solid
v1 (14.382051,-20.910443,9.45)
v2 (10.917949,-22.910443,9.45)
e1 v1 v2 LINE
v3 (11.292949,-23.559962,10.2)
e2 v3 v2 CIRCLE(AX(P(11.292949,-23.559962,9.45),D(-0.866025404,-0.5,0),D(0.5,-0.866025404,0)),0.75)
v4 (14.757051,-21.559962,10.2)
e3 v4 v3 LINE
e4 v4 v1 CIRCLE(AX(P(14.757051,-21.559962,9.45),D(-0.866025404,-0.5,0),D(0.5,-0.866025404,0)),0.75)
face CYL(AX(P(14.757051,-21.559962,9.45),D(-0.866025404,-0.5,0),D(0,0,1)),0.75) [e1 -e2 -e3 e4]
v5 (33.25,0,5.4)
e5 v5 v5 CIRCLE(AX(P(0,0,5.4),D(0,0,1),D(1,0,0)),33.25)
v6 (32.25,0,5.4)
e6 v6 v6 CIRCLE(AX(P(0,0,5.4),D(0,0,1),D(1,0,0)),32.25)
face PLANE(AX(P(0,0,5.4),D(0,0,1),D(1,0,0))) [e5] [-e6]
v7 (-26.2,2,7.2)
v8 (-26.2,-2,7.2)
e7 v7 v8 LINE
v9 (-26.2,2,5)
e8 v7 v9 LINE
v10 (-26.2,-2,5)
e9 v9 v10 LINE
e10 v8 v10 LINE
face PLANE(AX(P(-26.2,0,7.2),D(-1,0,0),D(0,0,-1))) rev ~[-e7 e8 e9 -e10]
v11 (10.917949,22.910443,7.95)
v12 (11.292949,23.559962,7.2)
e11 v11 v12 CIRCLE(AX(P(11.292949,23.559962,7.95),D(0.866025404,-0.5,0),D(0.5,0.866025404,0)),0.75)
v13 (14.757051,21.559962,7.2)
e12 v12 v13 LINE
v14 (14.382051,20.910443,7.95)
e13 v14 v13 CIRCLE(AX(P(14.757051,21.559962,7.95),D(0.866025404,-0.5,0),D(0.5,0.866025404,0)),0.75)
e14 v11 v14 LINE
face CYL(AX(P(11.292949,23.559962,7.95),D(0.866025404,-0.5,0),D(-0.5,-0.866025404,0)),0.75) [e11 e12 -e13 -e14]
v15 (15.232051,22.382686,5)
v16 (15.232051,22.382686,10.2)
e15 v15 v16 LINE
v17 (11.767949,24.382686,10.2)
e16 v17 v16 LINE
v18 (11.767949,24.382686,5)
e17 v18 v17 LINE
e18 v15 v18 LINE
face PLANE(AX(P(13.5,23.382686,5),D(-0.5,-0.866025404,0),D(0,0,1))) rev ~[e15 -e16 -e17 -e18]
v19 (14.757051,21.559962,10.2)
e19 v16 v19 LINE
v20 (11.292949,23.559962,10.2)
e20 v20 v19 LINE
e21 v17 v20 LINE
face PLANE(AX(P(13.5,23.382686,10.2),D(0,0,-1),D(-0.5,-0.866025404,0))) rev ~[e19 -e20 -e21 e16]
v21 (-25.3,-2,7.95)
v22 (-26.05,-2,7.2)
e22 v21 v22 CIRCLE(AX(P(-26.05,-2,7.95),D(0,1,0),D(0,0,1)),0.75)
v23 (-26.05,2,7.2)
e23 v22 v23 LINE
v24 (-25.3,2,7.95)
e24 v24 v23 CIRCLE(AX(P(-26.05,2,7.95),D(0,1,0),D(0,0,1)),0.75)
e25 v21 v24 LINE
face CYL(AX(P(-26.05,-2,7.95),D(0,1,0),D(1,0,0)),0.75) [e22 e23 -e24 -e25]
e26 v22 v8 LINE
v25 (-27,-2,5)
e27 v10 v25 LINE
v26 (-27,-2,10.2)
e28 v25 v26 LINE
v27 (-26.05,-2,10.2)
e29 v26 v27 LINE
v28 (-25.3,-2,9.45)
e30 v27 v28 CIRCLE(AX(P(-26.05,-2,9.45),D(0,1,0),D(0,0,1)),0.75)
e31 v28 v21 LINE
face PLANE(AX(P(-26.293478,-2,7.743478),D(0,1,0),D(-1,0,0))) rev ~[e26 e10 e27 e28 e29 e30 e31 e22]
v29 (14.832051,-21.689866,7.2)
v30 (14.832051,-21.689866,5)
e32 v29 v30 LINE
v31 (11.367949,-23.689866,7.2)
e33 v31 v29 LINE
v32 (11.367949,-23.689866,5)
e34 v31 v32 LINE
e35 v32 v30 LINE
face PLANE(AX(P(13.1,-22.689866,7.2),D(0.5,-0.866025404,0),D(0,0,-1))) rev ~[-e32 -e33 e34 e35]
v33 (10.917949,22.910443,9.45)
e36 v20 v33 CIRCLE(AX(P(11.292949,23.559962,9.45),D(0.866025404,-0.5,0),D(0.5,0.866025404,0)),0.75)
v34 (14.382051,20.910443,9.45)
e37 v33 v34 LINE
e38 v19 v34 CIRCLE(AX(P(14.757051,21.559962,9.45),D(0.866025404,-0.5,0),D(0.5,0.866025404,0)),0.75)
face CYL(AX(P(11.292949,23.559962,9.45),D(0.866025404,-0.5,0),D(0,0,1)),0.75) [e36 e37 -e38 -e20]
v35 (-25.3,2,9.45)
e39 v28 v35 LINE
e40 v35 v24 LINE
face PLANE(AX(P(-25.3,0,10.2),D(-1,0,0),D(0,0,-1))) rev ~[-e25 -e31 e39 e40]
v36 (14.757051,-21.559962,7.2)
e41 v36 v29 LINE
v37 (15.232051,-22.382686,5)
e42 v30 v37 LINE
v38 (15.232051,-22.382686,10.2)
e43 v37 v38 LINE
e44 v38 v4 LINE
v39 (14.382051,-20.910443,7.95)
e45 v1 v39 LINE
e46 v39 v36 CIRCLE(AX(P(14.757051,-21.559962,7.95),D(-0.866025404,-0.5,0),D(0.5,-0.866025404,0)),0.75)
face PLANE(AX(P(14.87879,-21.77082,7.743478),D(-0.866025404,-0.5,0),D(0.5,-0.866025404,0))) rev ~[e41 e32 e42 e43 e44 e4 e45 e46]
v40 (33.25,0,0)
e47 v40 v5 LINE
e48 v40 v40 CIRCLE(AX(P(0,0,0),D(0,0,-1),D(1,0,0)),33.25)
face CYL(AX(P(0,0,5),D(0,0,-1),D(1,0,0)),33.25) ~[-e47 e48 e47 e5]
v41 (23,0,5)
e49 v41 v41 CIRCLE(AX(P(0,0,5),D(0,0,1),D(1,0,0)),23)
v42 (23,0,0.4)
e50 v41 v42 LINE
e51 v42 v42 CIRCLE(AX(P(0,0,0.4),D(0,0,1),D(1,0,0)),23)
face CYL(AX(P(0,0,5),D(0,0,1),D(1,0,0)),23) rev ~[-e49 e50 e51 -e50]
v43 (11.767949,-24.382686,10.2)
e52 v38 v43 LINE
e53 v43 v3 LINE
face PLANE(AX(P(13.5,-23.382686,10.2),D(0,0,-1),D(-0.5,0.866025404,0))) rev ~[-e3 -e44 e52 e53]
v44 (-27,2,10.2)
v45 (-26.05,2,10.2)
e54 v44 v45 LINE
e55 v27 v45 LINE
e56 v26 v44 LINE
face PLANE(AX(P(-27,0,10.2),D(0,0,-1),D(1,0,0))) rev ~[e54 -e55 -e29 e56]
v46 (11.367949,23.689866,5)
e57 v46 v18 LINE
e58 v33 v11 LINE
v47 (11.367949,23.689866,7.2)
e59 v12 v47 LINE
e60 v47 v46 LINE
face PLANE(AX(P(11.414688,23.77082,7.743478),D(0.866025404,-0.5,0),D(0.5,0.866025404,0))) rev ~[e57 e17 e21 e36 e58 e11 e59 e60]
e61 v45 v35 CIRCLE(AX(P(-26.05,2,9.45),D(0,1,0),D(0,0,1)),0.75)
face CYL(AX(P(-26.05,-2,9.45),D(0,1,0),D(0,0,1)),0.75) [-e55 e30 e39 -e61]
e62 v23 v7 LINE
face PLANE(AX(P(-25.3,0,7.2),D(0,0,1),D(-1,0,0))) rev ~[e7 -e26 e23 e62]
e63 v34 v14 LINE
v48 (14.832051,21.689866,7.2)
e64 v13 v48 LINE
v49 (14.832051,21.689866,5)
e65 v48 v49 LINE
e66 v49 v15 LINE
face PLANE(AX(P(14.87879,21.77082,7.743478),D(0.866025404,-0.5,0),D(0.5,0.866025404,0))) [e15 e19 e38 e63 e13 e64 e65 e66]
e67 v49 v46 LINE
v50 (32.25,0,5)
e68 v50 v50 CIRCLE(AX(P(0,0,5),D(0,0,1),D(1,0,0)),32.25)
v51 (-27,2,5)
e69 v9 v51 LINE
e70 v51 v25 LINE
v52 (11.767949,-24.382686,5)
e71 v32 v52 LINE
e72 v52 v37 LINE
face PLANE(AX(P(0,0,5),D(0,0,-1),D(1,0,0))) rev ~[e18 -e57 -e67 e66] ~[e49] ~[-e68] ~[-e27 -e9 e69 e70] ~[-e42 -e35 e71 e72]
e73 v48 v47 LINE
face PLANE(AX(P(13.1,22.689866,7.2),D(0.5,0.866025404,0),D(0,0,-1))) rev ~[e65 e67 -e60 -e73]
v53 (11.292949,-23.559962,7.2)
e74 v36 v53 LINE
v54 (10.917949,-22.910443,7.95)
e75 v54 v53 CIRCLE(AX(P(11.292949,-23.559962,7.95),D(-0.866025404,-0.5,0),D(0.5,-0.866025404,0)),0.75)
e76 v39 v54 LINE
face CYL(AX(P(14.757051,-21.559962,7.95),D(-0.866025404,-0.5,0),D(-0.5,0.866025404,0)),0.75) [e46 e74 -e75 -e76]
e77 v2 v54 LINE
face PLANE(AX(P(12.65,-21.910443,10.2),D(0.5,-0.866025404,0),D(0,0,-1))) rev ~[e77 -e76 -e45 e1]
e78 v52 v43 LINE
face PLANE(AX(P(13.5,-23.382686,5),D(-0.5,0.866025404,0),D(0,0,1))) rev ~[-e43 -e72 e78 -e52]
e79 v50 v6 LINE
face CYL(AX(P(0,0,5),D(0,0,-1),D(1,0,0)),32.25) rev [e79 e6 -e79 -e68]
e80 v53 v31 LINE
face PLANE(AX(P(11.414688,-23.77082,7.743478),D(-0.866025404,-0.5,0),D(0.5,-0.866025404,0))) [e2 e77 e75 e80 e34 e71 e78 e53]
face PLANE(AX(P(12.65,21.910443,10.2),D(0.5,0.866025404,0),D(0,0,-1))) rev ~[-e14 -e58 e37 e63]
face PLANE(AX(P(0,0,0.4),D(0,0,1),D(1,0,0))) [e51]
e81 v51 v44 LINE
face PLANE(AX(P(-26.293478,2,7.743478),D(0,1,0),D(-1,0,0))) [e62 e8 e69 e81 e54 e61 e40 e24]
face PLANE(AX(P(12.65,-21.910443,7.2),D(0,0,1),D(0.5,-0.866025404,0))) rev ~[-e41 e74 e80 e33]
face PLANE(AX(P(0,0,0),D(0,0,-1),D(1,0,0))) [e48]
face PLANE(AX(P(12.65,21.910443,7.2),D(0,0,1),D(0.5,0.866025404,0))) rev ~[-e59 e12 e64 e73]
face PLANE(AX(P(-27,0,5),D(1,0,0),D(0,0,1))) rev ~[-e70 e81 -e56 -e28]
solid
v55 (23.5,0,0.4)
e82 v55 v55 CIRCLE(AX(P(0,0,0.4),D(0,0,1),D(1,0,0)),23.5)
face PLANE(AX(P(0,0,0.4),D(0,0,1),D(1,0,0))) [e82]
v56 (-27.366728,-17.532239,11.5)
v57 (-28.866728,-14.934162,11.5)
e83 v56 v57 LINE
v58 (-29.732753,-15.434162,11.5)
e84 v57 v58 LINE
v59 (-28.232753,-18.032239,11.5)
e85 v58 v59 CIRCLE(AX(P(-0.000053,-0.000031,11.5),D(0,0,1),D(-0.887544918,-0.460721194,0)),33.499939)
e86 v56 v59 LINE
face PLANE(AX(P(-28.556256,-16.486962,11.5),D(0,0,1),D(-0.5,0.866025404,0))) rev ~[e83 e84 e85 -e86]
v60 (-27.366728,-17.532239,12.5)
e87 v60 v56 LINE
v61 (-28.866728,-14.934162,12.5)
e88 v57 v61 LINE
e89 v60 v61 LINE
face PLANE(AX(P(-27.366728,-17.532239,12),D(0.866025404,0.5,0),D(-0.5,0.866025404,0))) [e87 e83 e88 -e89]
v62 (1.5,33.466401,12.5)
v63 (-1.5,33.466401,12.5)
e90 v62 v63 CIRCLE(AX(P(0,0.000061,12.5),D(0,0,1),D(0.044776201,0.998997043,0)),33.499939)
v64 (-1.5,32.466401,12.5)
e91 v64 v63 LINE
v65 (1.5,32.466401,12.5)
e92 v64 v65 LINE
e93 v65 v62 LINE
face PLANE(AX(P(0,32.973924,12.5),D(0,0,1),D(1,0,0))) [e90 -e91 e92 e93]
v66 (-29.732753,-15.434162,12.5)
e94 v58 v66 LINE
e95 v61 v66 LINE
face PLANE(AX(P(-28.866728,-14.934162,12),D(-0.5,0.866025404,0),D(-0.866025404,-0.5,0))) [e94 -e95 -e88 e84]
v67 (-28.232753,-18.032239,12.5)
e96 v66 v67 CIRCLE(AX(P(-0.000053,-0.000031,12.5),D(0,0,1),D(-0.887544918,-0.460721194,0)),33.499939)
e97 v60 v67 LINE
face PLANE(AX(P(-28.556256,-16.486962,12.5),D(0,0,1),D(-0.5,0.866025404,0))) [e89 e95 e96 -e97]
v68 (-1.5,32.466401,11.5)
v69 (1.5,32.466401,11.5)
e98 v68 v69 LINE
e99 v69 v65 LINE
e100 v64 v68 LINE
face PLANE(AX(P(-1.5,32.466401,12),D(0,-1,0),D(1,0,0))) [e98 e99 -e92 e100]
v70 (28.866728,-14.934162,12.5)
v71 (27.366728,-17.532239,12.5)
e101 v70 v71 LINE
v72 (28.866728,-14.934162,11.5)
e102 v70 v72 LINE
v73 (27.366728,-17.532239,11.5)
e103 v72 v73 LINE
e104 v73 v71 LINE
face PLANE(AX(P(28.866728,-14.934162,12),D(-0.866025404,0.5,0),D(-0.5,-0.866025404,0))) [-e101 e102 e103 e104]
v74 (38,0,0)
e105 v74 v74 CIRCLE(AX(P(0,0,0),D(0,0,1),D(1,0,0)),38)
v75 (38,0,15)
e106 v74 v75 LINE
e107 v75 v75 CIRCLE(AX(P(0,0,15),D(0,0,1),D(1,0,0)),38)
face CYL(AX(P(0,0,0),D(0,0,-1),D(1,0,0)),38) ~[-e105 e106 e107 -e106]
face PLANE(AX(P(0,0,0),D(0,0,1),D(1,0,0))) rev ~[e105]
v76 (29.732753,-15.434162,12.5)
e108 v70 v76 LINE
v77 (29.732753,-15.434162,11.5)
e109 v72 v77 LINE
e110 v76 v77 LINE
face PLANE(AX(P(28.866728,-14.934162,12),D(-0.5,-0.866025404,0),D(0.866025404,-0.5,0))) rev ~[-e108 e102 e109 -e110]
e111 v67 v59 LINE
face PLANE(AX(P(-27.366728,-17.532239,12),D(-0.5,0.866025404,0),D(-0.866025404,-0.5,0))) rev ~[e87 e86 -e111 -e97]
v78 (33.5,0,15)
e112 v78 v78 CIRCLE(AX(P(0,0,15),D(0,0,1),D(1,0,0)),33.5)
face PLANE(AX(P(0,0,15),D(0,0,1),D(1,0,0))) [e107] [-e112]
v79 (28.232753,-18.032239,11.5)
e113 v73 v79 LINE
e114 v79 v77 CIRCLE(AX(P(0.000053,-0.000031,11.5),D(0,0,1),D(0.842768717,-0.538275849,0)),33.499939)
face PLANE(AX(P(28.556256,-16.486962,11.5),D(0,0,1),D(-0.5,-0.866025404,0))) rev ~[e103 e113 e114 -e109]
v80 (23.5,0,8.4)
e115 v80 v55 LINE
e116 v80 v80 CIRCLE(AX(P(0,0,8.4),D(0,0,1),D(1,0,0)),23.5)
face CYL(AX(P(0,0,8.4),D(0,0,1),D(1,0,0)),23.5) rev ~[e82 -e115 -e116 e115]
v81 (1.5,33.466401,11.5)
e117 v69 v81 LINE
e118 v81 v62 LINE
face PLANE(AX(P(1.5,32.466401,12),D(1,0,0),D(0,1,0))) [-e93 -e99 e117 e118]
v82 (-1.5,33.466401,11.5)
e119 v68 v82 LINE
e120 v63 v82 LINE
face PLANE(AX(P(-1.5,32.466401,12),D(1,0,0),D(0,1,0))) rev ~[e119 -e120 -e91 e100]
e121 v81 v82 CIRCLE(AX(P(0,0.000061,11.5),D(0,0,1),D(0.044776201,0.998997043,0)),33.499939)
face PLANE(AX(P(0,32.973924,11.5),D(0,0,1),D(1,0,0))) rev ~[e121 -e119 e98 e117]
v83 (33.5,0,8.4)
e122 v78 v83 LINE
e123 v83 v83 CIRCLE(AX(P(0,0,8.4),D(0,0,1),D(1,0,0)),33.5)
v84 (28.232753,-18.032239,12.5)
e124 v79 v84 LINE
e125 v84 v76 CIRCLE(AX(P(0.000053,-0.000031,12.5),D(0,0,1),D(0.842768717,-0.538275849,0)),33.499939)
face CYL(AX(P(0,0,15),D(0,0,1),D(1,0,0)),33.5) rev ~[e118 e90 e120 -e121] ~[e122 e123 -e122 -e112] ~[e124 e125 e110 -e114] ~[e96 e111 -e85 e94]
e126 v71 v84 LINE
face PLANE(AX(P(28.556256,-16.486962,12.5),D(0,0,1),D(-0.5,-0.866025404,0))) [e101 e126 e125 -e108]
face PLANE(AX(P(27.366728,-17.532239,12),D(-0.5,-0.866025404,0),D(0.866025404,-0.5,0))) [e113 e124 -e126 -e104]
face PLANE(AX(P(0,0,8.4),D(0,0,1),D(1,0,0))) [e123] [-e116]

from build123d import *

# Parameters (mm, degrees)
SKETCH_R              = 38
PAD_DEPTH             = 15
SKETCH001_R           = 33.5
POCKET_DEPTH          = 6.6
SKETCH002_R           = 23.5
POCKET001_DEPTH       = 8
PAD001_DEPTH          = 0.5
POLARPATTERN_COUNT    = 3
SKETCH004_R           = 27.25
PAD002_DEPTH          = 5
PAD003_DEPTH          = 2
POLARPATTERN001_COUNT = 3
SKETCH006_R           = 23
POCKET002_DEPTH       = 4.6
FILLET_R              = 0.75
SKETCH007_R           = 33.25
SKETCH007_R_2         = 27.25
PAD004_DEPTH          = 5
SKETCH008_R           = 33.25
SKETCH008_R_2         = 32.25
PAD005_DEPTH          = 0.4


with BuildPart() as lightcover:
    # Sketch → Pad (new body)
    with BuildSketch(Plane.XY):
        Circle(SKETCH_R)
    extrude(amount=PAD_DEPTH)

    # Sketch001 (on Face3 of Pad) → Pocket (cut)
    with BuildSketch(Plane.XY.offset(15)):
        Circle(SKETCH001_R)
    extrude(amount=-POCKET_DEPTH, mode=Mode.SUBTRACT)

    # Sketch002 (on Face5 of Pocket) → Pocket001 (cut)
    with BuildSketch(Plane.XY.offset(8.4)):
        Circle(SKETCH002_R)
    extrude(amount=-POCKET001_DEPTH, mode=Mode.SUBTRACT)

    # Sketch003 (on DatumPlane) → Pad001 (join, symmetric)
    with BuildSketch(Plane.XY.offset(12)):
        with BuildLine():
            Line((-1.5, 32.466401), (1.5, 32.466401))
            Line((1.5, 32.466401), (1.5, 33.466401))
            ThreePointArc((1.5, 33.466401), (0, 33.5), (-1.5, 33.466401))
            Line((-1.5, 32.466401), (-1.5, 33.466401))
        make_face()
    pad001 = extrude(amount=PAD001_DEPTH, both=True)

    # PolarPattern: Pad001 ×3 about axis
    polarpattern_axis = Axis((0, 0, 12), (0, 0, 1))
    for i in range(1, POLARPATTERN_COUNT):
        add(pad001.rotate(polarpattern_axis, i * 360 / POLARPATTERN_COUNT))


with BuildPart() as extracthoodlightcover:
    # Sketch004 → Pad002 (new body)
    with BuildSketch(Plane.XY):
        Circle(SKETCH004_R)
    extrude(amount=PAD002_DEPTH)

    # Sketch005 → Pad003 (join, symmetric)
    with BuildSketch(Plane.XZ):
        Polygon((-27, 5), (-27, 10.2), (-25.3, 10.2), (-25.3, 7.2), (-26.2, 7.2), (-26.2, 5), align=None)
    pad003 = extrude(amount=PAD003_DEPTH, both=True)

    # PolarPattern001: Pad003 ×3 about axis
    polarpattern001_axis = Axis((0, 0, 0), (0, 0, 1))
    for i in range(1, POLARPATTERN001_COUNT):
        add(pad003.rotate(polarpattern001_axis, i * 360 / POLARPATTERN001_COUNT))

    # Sketch006 → Pocket002 (cut)
    with BuildSketch(Plane.XY.offset(5)):
        Circle(SKETCH006_R)
    extrude(amount=-POCKET002_DEPTH, mode=Mode.SUBTRACT)

    # Fillet
    fillet_edges = [extracthoodlightcover.edges().sort_by_distance(p)[0] for p in [
        (-25.3, 0, 10.2),
        (-25.3, 0, 7.2),
        (12.65, 21.910443, 10.2),
        (12.65, 21.910443, 7.2),
        (12.65, -21.910443, 10.2),
        (12.65, -21.910443, 7.2),
    ]]
    fillet(fillet_edges, radius=FILLET_R)

    # Sketch007 (on Face21 of Fillet) → Pad004 (join)
    with BuildSketch(Plane(origin=(0, 0, 0), x_dir=(1, 0, 0), z_dir=(0, 0, -1))):
        Circle(SKETCH007_R)
        Circle(SKETCH007_R_2, mode=Mode.SUBTRACT)
    extrude(amount=-PAD004_DEPTH)

    # Sketch008 (on Face11 of Pad004) → Pad005 (join)
    with BuildSketch(Plane.XY.offset(5)):
        Circle(SKETCH008_R)
        Circle(SKETCH008_R_2, mode=Mode.SUBTRACT)
    extrude(amount=PAD005_DEPTH)


solid = Compound([lightcover.part, extracthoodlightcover.part])
